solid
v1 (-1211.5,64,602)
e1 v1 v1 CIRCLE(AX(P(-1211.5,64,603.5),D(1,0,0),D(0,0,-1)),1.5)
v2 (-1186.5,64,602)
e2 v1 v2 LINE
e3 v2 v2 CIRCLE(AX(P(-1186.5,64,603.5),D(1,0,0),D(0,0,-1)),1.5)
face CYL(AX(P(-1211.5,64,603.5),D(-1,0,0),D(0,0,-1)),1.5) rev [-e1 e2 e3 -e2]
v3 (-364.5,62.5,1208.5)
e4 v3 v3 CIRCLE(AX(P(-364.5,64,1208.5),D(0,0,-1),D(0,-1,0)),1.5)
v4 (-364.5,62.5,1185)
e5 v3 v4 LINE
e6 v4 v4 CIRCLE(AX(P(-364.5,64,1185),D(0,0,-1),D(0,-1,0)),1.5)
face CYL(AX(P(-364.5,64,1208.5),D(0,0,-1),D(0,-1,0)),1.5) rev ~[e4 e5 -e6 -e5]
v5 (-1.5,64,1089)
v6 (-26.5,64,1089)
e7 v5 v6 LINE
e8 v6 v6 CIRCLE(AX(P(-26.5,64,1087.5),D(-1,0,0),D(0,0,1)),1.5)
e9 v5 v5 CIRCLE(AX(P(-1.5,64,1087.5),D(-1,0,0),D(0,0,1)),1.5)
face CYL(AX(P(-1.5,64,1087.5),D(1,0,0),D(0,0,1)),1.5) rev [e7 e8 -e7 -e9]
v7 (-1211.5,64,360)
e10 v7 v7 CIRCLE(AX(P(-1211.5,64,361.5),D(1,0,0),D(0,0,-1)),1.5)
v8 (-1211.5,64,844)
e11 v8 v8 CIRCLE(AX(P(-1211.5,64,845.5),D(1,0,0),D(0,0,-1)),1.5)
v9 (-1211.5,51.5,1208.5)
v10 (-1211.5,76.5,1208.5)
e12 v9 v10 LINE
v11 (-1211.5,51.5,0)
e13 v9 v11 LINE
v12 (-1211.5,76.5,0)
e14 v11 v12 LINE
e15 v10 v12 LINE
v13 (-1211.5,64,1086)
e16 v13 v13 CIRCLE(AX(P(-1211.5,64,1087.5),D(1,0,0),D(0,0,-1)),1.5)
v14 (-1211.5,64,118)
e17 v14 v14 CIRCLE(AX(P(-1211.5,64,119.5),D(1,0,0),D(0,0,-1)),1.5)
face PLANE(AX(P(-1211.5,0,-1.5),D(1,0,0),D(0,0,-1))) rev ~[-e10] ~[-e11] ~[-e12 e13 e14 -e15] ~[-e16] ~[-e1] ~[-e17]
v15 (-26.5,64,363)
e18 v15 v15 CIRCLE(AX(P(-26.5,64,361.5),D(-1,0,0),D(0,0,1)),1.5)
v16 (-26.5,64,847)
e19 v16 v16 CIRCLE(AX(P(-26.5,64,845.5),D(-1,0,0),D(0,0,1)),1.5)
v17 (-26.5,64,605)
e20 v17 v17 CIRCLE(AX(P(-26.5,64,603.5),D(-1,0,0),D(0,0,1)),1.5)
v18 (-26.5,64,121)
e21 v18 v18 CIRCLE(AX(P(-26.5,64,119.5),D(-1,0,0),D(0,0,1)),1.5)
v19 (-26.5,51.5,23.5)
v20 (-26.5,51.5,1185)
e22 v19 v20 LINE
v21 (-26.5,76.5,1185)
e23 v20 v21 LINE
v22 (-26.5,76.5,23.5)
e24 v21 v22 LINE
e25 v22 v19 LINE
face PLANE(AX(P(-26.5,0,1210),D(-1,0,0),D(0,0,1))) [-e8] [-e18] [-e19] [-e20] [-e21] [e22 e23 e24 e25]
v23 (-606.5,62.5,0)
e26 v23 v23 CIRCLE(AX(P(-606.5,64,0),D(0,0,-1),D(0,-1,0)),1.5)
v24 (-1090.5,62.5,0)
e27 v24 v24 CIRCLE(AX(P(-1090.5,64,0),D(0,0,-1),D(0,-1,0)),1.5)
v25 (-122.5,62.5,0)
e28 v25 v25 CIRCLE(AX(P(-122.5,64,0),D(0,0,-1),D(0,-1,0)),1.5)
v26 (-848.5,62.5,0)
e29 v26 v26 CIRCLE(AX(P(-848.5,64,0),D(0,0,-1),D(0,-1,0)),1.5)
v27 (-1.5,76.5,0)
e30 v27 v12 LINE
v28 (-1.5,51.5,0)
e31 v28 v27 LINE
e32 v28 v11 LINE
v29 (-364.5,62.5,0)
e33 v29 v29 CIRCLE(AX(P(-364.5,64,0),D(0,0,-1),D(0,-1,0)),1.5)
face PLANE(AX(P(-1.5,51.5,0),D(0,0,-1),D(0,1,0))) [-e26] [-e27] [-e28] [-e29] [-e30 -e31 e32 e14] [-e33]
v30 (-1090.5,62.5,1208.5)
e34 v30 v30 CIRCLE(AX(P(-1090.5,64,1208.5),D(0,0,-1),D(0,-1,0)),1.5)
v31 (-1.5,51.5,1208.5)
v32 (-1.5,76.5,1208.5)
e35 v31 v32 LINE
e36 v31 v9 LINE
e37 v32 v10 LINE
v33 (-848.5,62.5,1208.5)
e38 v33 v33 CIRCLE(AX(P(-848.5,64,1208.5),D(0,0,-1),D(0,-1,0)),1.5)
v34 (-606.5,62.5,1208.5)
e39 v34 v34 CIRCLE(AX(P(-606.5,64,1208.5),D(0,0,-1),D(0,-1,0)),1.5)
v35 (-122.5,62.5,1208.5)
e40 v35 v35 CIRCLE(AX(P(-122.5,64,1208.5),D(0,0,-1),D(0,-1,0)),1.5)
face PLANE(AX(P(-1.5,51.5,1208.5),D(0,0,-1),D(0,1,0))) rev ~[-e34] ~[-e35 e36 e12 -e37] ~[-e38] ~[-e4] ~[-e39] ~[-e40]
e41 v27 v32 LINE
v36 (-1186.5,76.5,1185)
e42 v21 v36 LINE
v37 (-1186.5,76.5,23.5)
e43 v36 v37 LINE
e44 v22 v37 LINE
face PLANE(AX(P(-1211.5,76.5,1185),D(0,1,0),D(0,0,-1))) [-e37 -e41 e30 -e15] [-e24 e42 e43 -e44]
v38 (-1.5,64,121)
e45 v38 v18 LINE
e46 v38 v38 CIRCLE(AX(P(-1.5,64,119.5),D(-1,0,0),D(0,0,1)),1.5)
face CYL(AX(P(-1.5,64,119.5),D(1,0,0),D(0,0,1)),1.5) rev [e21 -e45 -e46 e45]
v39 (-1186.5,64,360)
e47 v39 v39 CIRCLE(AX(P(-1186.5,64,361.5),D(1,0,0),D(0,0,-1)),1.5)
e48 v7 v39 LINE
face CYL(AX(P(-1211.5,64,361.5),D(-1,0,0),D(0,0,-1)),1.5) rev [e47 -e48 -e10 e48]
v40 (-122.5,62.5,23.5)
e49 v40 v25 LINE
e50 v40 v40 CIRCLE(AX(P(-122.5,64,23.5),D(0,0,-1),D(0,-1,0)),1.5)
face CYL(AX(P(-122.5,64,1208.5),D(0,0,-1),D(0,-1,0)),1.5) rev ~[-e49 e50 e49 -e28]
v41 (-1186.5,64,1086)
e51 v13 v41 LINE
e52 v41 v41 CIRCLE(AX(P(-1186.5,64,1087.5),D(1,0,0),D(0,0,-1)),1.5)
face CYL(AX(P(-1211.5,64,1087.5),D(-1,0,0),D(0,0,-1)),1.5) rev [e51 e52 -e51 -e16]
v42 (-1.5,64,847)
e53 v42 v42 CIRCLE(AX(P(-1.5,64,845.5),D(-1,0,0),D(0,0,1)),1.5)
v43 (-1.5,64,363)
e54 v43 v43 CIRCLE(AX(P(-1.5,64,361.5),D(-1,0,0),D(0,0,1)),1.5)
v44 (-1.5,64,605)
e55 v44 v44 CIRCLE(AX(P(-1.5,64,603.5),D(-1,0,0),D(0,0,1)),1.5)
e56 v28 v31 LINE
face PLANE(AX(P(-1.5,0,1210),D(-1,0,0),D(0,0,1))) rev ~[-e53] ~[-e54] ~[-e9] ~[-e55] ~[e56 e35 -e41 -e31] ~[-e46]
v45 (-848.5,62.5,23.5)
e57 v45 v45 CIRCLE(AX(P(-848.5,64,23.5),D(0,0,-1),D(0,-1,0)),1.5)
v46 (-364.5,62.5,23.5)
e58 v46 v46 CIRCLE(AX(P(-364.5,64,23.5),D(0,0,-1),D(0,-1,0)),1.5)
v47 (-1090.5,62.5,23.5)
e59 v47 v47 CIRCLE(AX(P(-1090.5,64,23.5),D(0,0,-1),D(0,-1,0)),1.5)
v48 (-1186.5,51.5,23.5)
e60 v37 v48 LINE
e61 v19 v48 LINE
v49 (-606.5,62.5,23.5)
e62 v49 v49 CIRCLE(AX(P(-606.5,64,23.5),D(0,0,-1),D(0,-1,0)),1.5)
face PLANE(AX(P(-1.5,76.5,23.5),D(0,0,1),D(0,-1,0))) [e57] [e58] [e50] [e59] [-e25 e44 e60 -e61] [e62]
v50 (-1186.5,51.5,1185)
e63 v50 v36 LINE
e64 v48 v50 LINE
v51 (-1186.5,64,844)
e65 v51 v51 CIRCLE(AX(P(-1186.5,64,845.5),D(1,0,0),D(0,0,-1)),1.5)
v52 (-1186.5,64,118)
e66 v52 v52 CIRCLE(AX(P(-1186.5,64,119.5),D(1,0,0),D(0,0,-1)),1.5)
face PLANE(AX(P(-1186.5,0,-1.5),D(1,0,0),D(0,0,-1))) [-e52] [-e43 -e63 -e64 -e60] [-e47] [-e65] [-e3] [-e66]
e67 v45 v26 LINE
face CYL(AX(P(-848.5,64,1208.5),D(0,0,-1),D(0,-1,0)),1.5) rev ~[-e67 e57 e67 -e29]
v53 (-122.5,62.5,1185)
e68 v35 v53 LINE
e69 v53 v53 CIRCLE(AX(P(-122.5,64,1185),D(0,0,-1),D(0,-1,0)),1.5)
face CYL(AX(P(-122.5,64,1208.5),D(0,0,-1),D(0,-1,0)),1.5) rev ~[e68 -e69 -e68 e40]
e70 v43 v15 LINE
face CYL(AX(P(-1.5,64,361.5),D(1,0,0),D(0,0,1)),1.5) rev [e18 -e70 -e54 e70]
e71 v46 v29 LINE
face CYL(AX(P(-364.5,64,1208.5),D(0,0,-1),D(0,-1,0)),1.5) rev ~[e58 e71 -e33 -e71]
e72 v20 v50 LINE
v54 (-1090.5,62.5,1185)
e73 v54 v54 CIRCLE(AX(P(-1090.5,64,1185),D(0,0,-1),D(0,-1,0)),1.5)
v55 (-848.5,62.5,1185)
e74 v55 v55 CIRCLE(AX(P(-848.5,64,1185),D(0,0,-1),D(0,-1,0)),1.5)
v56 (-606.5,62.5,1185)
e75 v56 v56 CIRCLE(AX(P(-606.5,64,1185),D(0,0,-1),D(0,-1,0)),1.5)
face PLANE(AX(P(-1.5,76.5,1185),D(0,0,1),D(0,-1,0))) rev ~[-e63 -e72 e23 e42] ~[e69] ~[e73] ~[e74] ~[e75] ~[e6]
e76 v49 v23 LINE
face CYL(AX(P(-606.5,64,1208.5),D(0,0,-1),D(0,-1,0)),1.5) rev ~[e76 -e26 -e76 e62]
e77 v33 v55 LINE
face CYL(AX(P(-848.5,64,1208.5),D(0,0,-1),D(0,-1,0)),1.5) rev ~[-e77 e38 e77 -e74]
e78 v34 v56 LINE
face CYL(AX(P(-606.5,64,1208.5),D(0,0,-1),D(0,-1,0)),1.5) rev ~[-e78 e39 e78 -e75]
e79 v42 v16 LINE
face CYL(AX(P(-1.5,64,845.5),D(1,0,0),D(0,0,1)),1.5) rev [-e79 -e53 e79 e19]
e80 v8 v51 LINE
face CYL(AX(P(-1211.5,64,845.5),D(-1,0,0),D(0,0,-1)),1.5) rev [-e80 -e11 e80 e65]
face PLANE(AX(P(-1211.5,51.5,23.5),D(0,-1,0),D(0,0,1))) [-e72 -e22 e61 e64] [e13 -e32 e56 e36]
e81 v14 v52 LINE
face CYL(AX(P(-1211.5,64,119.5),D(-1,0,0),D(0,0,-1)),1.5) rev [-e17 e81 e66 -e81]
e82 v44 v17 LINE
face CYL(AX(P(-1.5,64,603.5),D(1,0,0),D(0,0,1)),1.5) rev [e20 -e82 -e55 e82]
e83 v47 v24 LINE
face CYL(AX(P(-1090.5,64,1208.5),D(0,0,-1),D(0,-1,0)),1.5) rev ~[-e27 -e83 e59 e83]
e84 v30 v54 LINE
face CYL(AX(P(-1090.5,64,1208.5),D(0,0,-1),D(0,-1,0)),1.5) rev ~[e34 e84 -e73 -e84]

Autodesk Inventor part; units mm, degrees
ref_plane "YZ Plane" through (0, 0, 0) normal (1, 0, 0) x (0, 1, 0)
ref_plane "XZ Plane" through (0, 0, 0) normal (0, 1, 0) x (-1, 0, 0)
ref_plane "XY Plane" through (0, 0, 0) normal (0, 0, 1) x (1, 0, 0)
ref_plane "Work Plane1" through (-1.5, 0, 1210) normal (-1, 0, 0) x (0, 0, 1)
sketch "Sketch1" plane through (-1.5, 0, 1210) normal (-1, 0, 0) x (0, 0, 1)
  circle A0 centre (-606.5, 339) radius 1.5 projected
  circle A1 centre (-848.5, 64) radius 1.5 projected
  circle A2 centre (-1090.5, 339) radius 1.5 projected
  circle A3 centre (-848.5, 614) radius 1.5 projected
  circle A4 centre (-364.5, 614) radius 1.5 projected
  circle A5 centre (-364.5, 64) radius 1.5 projected
  circle A6 centre (-122.5, 339) radius 1.5 projected
  circle A7 centre (-122.5, 614) radius 1.5 projected
  circle A8 centre (-122.5, 64) radius 1.5 projected
  circle A9 centre (-364.5, 339) radius 1.5 projected
  circle A10 centre (-606.5, 614) radius 1.5 projected
  circle A11 centre (-1090.5, 614) radius 1.5 projected
  circle A12 centre (-1090.5, 64) radius 1.5 projected
  circle A13 centre (-848.5, 339) radius 1.5 projected
  circle A14 centre (-606.5, 64) radius 1.5 projected
  line L0 (-1211.5, 0) -> (0, 0) projected
  line L1 (0, 0) -> (0, 1000) projected
  line L2 (-1211.5, 1000) -> (0, 1000) projected
  line L3 (-1211.5, 0) -> (-1211.5, 1000) projected
  line L4 (-25, 76.5) -> (-1186.5, 76.5)
  line L5 (-1186.5, 76.5) -> (-1186.5, 51.5)
  line L6 (-1186.5, 51.5) -> (-25, 51.5)
  line L7 (-25, 51.5) -> (-25, 76.5)
  line L8 (-122.5, 64) -> (-114.6022, 64)
  point P0 (-1210, 0)
  dimension "d0" = 25
  dimension "d1" = 25
  dimension "d2" = 25
ref_plane "Work Plane2" through (-1211.5, 0, -1.5) normal (1, 0, 0) x (0, 0, -1)
sketch "Sketch2" plane through (-1211.5, 0, -1.5) normal (1, 0, 0) x (0, 0, -1)
  line L0 (-25, 51.5) -> (-1186.5, 51.5) projected
  line L1 (-25, 76.5) -> (-25, 51.5) projected
  line L2 (-1186.5, 76.5) -> (-25, 76.5) projected
  line L3 (-1186.5, 51.5) -> (-1186.5, 76.5) projected
  circle A0 centre (-121, 64) radius 1.5 projected
  circle A1 centre (-363, 64) radius 1.5 projected
  circle A2 centre (-605, 64) radius 1.5 projected
  circle A3 centre (-847, 64) radius 1.5 projected
  circle A4 centre (-1089, 64) radius 1.5 projected
  point P0 (-1.5, 0)
extrude "Extrusion1" add sketch "Sketch2" along normal blind 25
extrude "Extrusion2" add sketch "Sketch1" along normal blind 25 contours L7 L6 L5 L4
ref_plane "Work Plane3" through (-1.5, 0, 1210) normal (-1, 0, 0) x (0, 0, 1)
sketch "Sketch3" plane through (-1.5, 0, 1210) normal (-1, 0, 0) x (0, 0, 1)
  line L0 (-1186.5, 76.5) -> (-1186.5, 51.5) projected
  line L1 (-1186.5, 51.5) -> (-1210, 51.5)
  line L2 (-1210, 51.5) -> (-1210, 76.5)
  line L3 (-1210, 76.5) -> (-1186.5, 76.5)
  line L4 (-1186.5, 76.5) -> (-1186.5, 51.5)
  line L5 (-1.5, 0) -> (-1.5, 1000) projected
  line L6 (-25, 76.5) -> (-25, 51.5) projected
  line L7 (-25, 51.5) -> (-1.5, 51.5)
  line L8 (-1.5, 51.5) -> (-1.5, 76.5)
  line L9 (-1.5, 76.5) -> (-25, 76.5)
  line L10 (-25, 76.5) -> (-25, 51.5)
  point P0 (-1210, 0)
extrude "Extrusion3" add sketch "Sketch3" along normal up to surface (1210 mm away)
sketch "Sketch4" plane through (-1.5, 51.5, 1208.5) normal (0, 0, 1) x (1, 0, 0)
  circle A0 centre (-121, 12.5) radius 1.5 projected
  circle A1 centre (-363, 12.5) radius 1.5 projected
  circle A2 centre (-605, 12.5) radius 1.5 projected
  circle A3 centre (-847, 12.5) radius 1.5 projected
  circle A4 centre (-1089, 12.5) radius 1.5 projected
  point P0 (1.5, -51.5)
hole "Hole1" at (-122.5, 64, 1208.5) at (-606.5, 64, 1208.5) at (-364.5, 64, 1208.5) at (-848.5, 64, 1208.5) at (-1090.5, 64, 1208.5) direction (0, 0, -1) diameter 3 end through all
properties part number "HoneyComb Frame"
